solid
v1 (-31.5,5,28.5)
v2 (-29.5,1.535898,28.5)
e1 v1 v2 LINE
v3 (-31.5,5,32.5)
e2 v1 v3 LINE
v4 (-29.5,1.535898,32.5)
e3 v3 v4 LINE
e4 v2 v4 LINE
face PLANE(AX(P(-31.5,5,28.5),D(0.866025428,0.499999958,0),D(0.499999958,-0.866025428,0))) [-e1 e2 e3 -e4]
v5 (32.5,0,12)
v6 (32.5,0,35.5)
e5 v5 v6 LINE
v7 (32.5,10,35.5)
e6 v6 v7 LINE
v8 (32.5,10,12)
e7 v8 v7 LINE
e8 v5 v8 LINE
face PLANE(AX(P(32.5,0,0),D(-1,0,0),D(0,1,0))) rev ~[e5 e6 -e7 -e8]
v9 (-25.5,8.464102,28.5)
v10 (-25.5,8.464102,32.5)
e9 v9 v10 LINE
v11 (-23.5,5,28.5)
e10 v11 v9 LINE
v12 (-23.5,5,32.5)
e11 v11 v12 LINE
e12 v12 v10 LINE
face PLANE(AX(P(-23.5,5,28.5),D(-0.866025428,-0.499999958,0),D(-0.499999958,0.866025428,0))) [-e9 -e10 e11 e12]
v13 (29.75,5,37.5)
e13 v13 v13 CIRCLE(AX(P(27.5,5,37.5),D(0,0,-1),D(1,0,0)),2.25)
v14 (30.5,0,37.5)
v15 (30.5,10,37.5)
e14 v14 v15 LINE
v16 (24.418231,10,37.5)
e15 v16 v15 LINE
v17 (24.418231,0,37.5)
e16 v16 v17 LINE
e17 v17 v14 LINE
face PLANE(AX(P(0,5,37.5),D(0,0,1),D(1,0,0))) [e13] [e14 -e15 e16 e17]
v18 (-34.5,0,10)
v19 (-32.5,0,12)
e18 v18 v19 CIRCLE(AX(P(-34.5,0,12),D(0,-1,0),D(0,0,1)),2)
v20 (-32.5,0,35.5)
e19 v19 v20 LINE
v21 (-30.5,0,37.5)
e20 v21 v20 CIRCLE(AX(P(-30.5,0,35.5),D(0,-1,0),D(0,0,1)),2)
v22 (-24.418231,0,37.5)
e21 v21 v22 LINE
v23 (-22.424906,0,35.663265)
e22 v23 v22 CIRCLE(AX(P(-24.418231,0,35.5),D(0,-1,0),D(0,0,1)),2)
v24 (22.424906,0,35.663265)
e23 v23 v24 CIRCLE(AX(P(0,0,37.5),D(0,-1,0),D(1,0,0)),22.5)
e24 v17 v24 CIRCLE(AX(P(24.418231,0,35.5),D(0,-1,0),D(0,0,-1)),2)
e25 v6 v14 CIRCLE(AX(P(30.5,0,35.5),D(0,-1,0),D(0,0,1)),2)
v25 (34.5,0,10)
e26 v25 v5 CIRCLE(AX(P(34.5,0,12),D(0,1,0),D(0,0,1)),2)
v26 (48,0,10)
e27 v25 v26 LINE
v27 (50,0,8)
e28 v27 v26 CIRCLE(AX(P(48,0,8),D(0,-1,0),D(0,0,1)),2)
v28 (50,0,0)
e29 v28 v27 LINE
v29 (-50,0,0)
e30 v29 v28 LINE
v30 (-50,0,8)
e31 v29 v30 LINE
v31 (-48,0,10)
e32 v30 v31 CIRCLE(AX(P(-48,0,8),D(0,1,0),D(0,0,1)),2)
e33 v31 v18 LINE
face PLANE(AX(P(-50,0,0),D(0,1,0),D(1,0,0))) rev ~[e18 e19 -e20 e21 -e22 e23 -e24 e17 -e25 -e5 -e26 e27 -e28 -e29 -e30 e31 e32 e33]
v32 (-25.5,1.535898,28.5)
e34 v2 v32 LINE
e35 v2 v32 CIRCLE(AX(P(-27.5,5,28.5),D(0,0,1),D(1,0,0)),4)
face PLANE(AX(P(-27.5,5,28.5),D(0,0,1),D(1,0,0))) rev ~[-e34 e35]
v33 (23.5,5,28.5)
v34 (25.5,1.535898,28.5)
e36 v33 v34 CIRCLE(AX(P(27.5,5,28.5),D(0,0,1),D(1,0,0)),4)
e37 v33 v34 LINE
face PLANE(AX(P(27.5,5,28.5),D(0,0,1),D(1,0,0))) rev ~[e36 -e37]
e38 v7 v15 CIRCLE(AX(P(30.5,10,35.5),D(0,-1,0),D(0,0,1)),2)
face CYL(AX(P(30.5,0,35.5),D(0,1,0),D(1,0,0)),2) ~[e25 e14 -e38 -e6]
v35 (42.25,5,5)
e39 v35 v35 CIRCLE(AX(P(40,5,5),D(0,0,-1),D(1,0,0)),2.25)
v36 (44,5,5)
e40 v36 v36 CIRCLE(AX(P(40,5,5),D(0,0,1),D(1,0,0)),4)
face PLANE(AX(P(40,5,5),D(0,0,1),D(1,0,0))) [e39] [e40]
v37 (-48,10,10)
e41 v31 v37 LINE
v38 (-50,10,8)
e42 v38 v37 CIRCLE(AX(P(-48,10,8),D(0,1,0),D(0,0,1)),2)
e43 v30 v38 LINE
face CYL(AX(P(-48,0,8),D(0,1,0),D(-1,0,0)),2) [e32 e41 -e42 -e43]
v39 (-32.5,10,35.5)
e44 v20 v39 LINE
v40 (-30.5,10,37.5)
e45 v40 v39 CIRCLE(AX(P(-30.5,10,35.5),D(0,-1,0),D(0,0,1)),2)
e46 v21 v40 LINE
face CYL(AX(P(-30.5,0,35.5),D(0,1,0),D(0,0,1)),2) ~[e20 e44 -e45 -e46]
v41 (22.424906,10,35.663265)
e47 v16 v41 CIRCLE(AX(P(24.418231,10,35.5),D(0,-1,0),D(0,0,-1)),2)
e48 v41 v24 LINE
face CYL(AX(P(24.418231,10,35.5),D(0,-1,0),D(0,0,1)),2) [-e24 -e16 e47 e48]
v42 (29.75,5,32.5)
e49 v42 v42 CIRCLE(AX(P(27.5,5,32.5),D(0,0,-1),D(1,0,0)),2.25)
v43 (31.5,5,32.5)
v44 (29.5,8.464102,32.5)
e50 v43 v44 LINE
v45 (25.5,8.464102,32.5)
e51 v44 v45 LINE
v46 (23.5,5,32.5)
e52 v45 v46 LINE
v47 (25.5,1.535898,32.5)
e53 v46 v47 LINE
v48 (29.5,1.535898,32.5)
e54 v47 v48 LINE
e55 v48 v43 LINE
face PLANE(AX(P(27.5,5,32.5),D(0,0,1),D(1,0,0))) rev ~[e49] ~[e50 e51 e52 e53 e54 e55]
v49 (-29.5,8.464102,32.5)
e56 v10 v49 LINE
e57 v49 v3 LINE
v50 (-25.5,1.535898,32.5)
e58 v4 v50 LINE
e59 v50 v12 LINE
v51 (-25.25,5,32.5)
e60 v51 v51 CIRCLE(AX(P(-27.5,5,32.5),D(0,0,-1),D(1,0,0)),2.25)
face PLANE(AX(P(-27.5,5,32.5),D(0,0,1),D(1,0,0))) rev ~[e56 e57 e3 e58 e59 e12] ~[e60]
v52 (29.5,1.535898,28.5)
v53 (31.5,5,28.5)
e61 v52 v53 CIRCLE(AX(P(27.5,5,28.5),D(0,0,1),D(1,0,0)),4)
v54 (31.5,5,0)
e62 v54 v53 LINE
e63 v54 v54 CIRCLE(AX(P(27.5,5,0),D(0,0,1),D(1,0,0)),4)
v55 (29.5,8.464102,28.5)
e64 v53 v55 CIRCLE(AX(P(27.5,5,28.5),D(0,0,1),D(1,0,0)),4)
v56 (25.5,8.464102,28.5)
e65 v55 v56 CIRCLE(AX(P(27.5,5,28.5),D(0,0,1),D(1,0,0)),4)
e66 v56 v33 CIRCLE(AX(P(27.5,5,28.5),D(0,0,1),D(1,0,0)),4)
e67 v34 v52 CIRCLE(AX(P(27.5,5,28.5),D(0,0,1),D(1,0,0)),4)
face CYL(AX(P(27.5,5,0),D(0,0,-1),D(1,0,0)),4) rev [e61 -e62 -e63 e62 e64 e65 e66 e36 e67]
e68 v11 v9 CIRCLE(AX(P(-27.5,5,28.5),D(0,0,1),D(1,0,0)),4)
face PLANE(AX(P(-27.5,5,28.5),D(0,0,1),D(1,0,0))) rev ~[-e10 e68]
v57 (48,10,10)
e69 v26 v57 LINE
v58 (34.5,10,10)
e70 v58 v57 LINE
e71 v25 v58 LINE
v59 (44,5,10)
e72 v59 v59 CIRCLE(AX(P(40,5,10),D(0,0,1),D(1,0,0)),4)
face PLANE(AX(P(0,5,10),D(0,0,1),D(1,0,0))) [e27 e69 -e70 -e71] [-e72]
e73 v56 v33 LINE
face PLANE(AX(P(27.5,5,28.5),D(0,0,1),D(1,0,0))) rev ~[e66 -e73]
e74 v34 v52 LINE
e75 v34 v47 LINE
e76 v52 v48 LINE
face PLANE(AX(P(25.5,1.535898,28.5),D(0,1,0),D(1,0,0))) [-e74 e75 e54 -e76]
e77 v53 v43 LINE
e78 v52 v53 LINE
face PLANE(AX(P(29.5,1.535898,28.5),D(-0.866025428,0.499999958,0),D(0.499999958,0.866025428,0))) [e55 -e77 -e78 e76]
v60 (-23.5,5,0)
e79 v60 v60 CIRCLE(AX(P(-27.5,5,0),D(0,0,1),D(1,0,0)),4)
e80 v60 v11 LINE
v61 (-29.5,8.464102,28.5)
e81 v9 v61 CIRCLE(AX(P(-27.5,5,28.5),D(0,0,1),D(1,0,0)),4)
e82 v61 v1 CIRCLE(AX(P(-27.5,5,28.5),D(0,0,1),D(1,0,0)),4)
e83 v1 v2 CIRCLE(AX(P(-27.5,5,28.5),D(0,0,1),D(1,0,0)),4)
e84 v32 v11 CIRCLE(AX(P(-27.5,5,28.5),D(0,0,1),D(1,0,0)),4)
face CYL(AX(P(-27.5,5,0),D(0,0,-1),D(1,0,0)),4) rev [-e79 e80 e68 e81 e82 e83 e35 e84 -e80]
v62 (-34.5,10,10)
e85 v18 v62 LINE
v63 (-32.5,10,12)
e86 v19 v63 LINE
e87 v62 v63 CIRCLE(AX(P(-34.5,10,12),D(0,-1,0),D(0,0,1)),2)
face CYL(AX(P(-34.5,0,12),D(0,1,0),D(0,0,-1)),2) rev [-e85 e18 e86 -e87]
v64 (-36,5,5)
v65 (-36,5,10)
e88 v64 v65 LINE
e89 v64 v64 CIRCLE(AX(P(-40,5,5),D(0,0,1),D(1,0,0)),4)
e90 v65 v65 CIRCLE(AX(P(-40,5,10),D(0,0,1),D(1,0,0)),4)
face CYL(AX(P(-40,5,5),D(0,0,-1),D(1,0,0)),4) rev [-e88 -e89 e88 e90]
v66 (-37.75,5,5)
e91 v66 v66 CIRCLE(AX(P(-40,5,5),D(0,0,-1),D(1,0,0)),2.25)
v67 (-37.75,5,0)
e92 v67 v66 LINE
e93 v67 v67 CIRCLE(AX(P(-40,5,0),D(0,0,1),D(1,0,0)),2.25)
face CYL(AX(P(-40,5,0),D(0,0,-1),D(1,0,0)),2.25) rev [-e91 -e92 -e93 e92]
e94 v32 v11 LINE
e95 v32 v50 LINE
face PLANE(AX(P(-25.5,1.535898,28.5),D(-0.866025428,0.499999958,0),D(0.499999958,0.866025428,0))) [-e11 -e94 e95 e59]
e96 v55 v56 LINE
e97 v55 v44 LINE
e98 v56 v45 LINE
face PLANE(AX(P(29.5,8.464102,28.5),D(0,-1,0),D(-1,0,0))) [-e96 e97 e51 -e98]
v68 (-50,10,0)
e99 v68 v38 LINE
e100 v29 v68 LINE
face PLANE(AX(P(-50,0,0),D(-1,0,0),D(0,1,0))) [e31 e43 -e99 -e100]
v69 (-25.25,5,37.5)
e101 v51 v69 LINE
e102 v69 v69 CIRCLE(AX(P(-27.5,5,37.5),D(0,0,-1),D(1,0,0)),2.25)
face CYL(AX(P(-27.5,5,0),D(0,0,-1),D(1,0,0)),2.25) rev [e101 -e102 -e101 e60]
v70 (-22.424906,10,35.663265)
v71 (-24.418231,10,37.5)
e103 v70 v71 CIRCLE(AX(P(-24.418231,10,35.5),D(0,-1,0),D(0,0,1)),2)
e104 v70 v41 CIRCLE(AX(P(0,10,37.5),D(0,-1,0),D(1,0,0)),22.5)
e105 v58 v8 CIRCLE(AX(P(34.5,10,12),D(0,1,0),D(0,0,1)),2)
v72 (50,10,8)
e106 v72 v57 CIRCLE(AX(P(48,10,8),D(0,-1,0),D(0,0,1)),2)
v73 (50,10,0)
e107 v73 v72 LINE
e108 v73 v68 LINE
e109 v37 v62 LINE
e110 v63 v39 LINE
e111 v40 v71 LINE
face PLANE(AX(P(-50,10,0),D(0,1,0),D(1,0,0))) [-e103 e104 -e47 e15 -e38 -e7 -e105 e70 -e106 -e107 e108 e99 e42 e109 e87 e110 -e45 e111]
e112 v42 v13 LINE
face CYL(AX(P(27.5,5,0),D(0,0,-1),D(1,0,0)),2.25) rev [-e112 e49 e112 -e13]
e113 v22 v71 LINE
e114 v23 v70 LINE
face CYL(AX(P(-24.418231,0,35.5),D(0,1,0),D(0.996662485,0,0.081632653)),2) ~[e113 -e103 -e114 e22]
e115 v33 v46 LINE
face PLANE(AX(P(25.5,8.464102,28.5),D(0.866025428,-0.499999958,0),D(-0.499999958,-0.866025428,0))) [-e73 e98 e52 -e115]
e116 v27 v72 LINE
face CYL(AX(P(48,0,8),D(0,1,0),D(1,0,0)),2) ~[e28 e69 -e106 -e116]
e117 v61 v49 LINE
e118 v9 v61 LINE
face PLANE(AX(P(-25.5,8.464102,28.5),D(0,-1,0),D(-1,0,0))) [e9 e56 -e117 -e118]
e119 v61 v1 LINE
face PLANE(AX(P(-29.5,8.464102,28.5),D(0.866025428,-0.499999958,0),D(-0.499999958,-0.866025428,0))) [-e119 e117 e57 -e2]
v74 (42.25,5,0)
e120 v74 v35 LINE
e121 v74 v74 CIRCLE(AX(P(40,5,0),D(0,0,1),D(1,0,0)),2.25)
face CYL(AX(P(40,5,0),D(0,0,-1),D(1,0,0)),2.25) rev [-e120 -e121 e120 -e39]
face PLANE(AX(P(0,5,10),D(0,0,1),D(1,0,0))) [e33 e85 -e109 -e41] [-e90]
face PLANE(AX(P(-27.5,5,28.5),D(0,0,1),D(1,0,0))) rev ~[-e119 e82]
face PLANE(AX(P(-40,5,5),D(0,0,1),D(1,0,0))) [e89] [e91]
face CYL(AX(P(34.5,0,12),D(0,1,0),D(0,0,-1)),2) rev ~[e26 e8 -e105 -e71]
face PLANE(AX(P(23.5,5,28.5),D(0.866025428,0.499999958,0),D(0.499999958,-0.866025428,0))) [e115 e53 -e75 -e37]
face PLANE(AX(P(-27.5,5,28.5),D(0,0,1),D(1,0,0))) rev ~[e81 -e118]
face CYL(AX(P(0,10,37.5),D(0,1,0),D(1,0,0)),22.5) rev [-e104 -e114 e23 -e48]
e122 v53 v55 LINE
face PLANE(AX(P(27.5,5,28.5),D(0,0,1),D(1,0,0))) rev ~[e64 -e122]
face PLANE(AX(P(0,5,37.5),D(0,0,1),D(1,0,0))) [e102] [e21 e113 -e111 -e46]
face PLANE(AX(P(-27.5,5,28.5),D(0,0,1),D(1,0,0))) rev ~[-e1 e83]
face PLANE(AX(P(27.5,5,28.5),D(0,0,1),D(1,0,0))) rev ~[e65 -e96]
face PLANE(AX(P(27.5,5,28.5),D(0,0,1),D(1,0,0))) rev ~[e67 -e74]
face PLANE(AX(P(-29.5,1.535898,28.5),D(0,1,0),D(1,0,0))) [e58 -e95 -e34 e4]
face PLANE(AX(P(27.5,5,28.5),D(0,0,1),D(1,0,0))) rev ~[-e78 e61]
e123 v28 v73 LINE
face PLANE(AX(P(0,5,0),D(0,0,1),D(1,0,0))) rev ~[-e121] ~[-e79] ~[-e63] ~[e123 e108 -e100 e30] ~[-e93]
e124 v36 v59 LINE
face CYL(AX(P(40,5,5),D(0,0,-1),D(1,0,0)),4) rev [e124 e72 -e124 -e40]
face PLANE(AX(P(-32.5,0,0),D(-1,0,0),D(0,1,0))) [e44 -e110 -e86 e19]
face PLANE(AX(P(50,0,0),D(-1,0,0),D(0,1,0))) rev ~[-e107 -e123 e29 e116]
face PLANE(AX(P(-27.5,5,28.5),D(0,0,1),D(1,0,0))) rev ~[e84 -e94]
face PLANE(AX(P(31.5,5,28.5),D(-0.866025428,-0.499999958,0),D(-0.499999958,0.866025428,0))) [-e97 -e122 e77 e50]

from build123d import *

# Parameters (mm, degrees)
CYLINDER011_R     = 4
CYLINDER011_DEPTH = 28.5
CYLINDER007_R     = 2.25
CYLINDER007_DEPTH = 65
CYLINDER006_R     = 2.25
CYLINDER006_DEPTH = 65
PAD002_DEPTH      = 4
PAD001_DEPTH      = 4
CYLINDER010_R     = 4
CYLINDER010_DEPTH = 28.5
CYLINDER004_R     = 2.25
CYLINDER004_DEPTH = 10
CYLINDER005_R     = 4
CYLINDER005_DEPTH = 5
CYLINDER002_R     = 2.25
CYLINDER002_DEPTH = 10
CYLINDER003_R     = 4
CYLINDER003_DEPTH = 5
CYLINDER_R        = 22.5
CYLINDER_DEPTH    = 10
BOX_W             = 100
BOX_H             = 10
BOX_DEPTH         = 10
BOX001_W          = 65
BOX001_H          = 10
BOX001_DEPTH      = 37.5
FILLET_R          = 2


with BuildPart() as cylinder011:
    # Cylinder011 → Cylinder011 (new body)
    with BuildSketch(Plane(origin=(-27.5, 5, 0), x_dir=(1, 0, 0), z_dir=(0, 0, 1))):
        Circle(CYLINDER011_R)
    extrude(amount=CYLINDER011_DEPTH)


with BuildPart() as cylinder007:
    # Cylinder007 → Cylinder007 (new body)
    with BuildSketch(Plane(origin=(-27.5, 5, 0), x_dir=(1, 0, 0), z_dir=(0, 0, 1))):
        Circle(CYLINDER007_R)
    extrude(amount=CYLINDER007_DEPTH)


with BuildPart() as fusion004:
    # Cylinder006 → Cylinder006 (new body)
    with BuildSketch(Plane(origin=(27.5, 5, 0), x_dir=(1, 0, 0), z_dir=(0, 0, 1))):
        Circle(CYLINDER006_R)
    extrude(amount=CYLINDER006_DEPTH)

    # Fusion004: union Cylinder007
    add(cylinder007.part)


with BuildPart() as m4press001:
    # Sketch002 → Pad002 (new body)
    with BuildSketch(Plane.XY):
        Polygon((4, 0), (2, 3.464102), (-2, 3.464102), (-4, 0), (-2, -3.464102), (2, -3.464102), align=None)
    extrude(amount=PAD002_DEPTH)


with BuildPart() as m4press001_1:
    # Body002 placement: moved
    add(m4press001.part.moved(Location((27.5, 5, 28.5))))


with BuildPart() as m4press:
    # Sketch001 → Pad001 (new body)
    with BuildSketch(Plane.XY):
        Polygon((4, 0), (2, 3.464102), (-2, 3.464102), (-4, 0), (-2, -3.464102), (2, -3.464102), align=None)
    extrude(amount=PAD001_DEPTH)


with BuildPart() as m4press_1:
    # Body001 placement: moved
    add(m4press.part.moved(Location((-27.5, 5, 28.5))))


with BuildPart() as connectors:
    # Cylinder010 → Cylinder010 (new body)
    with BuildSketch(Plane(origin=(27.5, 5, 0), x_dir=(1, 0, 0), z_dir=(0, 0, 1))):
        Circle(CYLINDER010_R)
    extrude(amount=CYLINDER010_DEPTH)

    # Fusion006: union Cylinder011, Fusion004, M4Press001, M4Press
    add(cylinder011.part)
    add(fusion004.part)
    add(m4press001_1.part)
    add(m4press_1.part)


with BuildPart() as cylinder004:
    # Cylinder004 → Cylinder004 (new body)
    with BuildSketch(Plane.XY):
        Circle(CYLINDER004_R)
    extrude(amount=CYLINDER004_DEPTH)


with BuildPart() as fusion002:
    # Cylinder005 → Cylinder005 (new body)
    with BuildSketch(Plane.XY.offset(5)):
        Circle(CYLINDER005_R)
    extrude(amount=CYLINDER005_DEPTH)

    # Fusion002: union Cylinder004
    add(cylinder004.part)


with BuildPart() as fusion002_1:
    # Fusion002 placement: moved
    add(fusion002.part.moved(Location((-40, 5, 0))))


with BuildPart() as cylinder002:
    # Cylinder002 → Cylinder002 (new body)
    with BuildSketch(Plane.XY):
        Circle(CYLINDER002_R)
    extrude(amount=CYLINDER002_DEPTH)


with BuildPart() as fusion003:
    # Cylinder003 → Cylinder003 (new body)
    with BuildSketch(Plane.XY.offset(5)):
        Circle(CYLINDER003_R)
    extrude(amount=CYLINDER003_DEPTH)

    # Fusion001: union Cylinder002
    add(cylinder002.part)


with BuildPart() as fusion003_1:
    # Fusion001 placement: moved
    add(fusion003.part.moved(Location((40, 5, 0))))

    # Fusion003: union Fusion002
    add(fusion002_1.part)


with BuildPart() as cylinder:
    # Cylinder → Cylinder (new body)
    with BuildSketch(Plane(origin=(0, 10, 37.5), x_dir=(1, 0, 0), z_dir=(0, -1, 0))):
        Circle(CYLINDER_R)
    extrude(amount=CYLINDER_DEPTH)


with BuildPart() as cube:
    # Box → Box (new body)
    with BuildSketch(Plane(origin=(-50, 0, 0), x_dir=(1, 0, 0), z_dir=(0, 0, 1))):
        with Locations((50, 5)):
            Rectangle(BOX_W, BOX_H)
    extrude(amount=BOX_DEPTH)


with BuildPart() as lower_part:
    # Box001 → Box001 (new body)
    with BuildSketch(Plane(origin=(-32.5, 0, 0), x_dir=(1, 0, 0), z_dir=(0, 0, 1))):
        with Locations((32.5, 5)):
            Rectangle(BOX001_W, BOX001_H)
    extrude(amount=BOX001_DEPTH)

    # Fusion: union Cube
    add(cube.part)

    # Cut: cut Cylinder
    add(cylinder.part, mode=Mode.SUBTRACT)

    # Cut001: cut Fusion003
    add(fusion003_1.part, mode=Mode.SUBTRACT)

    # Cut002: cut Connectors
    add(connectors.part, mode=Mode.SUBTRACT)

    # Fillet
    fillet_edges = [lower_part.edges().sort_by_distance(p)[0] for p in [
        (50, 5, 10),
        (32.5, 5, 10),
        (32.5, 5, 37.5),
        (22.5, 5, 37.5),
        (-22.5, 5, 37.5),
        (-32.5, 5, 37.5),
        (-32.5, 5, 10),
        (-50, 5, 10),
    ]]
    fillet(fillet_edges, radius=FILLET_R)


solid = lower_part.part
